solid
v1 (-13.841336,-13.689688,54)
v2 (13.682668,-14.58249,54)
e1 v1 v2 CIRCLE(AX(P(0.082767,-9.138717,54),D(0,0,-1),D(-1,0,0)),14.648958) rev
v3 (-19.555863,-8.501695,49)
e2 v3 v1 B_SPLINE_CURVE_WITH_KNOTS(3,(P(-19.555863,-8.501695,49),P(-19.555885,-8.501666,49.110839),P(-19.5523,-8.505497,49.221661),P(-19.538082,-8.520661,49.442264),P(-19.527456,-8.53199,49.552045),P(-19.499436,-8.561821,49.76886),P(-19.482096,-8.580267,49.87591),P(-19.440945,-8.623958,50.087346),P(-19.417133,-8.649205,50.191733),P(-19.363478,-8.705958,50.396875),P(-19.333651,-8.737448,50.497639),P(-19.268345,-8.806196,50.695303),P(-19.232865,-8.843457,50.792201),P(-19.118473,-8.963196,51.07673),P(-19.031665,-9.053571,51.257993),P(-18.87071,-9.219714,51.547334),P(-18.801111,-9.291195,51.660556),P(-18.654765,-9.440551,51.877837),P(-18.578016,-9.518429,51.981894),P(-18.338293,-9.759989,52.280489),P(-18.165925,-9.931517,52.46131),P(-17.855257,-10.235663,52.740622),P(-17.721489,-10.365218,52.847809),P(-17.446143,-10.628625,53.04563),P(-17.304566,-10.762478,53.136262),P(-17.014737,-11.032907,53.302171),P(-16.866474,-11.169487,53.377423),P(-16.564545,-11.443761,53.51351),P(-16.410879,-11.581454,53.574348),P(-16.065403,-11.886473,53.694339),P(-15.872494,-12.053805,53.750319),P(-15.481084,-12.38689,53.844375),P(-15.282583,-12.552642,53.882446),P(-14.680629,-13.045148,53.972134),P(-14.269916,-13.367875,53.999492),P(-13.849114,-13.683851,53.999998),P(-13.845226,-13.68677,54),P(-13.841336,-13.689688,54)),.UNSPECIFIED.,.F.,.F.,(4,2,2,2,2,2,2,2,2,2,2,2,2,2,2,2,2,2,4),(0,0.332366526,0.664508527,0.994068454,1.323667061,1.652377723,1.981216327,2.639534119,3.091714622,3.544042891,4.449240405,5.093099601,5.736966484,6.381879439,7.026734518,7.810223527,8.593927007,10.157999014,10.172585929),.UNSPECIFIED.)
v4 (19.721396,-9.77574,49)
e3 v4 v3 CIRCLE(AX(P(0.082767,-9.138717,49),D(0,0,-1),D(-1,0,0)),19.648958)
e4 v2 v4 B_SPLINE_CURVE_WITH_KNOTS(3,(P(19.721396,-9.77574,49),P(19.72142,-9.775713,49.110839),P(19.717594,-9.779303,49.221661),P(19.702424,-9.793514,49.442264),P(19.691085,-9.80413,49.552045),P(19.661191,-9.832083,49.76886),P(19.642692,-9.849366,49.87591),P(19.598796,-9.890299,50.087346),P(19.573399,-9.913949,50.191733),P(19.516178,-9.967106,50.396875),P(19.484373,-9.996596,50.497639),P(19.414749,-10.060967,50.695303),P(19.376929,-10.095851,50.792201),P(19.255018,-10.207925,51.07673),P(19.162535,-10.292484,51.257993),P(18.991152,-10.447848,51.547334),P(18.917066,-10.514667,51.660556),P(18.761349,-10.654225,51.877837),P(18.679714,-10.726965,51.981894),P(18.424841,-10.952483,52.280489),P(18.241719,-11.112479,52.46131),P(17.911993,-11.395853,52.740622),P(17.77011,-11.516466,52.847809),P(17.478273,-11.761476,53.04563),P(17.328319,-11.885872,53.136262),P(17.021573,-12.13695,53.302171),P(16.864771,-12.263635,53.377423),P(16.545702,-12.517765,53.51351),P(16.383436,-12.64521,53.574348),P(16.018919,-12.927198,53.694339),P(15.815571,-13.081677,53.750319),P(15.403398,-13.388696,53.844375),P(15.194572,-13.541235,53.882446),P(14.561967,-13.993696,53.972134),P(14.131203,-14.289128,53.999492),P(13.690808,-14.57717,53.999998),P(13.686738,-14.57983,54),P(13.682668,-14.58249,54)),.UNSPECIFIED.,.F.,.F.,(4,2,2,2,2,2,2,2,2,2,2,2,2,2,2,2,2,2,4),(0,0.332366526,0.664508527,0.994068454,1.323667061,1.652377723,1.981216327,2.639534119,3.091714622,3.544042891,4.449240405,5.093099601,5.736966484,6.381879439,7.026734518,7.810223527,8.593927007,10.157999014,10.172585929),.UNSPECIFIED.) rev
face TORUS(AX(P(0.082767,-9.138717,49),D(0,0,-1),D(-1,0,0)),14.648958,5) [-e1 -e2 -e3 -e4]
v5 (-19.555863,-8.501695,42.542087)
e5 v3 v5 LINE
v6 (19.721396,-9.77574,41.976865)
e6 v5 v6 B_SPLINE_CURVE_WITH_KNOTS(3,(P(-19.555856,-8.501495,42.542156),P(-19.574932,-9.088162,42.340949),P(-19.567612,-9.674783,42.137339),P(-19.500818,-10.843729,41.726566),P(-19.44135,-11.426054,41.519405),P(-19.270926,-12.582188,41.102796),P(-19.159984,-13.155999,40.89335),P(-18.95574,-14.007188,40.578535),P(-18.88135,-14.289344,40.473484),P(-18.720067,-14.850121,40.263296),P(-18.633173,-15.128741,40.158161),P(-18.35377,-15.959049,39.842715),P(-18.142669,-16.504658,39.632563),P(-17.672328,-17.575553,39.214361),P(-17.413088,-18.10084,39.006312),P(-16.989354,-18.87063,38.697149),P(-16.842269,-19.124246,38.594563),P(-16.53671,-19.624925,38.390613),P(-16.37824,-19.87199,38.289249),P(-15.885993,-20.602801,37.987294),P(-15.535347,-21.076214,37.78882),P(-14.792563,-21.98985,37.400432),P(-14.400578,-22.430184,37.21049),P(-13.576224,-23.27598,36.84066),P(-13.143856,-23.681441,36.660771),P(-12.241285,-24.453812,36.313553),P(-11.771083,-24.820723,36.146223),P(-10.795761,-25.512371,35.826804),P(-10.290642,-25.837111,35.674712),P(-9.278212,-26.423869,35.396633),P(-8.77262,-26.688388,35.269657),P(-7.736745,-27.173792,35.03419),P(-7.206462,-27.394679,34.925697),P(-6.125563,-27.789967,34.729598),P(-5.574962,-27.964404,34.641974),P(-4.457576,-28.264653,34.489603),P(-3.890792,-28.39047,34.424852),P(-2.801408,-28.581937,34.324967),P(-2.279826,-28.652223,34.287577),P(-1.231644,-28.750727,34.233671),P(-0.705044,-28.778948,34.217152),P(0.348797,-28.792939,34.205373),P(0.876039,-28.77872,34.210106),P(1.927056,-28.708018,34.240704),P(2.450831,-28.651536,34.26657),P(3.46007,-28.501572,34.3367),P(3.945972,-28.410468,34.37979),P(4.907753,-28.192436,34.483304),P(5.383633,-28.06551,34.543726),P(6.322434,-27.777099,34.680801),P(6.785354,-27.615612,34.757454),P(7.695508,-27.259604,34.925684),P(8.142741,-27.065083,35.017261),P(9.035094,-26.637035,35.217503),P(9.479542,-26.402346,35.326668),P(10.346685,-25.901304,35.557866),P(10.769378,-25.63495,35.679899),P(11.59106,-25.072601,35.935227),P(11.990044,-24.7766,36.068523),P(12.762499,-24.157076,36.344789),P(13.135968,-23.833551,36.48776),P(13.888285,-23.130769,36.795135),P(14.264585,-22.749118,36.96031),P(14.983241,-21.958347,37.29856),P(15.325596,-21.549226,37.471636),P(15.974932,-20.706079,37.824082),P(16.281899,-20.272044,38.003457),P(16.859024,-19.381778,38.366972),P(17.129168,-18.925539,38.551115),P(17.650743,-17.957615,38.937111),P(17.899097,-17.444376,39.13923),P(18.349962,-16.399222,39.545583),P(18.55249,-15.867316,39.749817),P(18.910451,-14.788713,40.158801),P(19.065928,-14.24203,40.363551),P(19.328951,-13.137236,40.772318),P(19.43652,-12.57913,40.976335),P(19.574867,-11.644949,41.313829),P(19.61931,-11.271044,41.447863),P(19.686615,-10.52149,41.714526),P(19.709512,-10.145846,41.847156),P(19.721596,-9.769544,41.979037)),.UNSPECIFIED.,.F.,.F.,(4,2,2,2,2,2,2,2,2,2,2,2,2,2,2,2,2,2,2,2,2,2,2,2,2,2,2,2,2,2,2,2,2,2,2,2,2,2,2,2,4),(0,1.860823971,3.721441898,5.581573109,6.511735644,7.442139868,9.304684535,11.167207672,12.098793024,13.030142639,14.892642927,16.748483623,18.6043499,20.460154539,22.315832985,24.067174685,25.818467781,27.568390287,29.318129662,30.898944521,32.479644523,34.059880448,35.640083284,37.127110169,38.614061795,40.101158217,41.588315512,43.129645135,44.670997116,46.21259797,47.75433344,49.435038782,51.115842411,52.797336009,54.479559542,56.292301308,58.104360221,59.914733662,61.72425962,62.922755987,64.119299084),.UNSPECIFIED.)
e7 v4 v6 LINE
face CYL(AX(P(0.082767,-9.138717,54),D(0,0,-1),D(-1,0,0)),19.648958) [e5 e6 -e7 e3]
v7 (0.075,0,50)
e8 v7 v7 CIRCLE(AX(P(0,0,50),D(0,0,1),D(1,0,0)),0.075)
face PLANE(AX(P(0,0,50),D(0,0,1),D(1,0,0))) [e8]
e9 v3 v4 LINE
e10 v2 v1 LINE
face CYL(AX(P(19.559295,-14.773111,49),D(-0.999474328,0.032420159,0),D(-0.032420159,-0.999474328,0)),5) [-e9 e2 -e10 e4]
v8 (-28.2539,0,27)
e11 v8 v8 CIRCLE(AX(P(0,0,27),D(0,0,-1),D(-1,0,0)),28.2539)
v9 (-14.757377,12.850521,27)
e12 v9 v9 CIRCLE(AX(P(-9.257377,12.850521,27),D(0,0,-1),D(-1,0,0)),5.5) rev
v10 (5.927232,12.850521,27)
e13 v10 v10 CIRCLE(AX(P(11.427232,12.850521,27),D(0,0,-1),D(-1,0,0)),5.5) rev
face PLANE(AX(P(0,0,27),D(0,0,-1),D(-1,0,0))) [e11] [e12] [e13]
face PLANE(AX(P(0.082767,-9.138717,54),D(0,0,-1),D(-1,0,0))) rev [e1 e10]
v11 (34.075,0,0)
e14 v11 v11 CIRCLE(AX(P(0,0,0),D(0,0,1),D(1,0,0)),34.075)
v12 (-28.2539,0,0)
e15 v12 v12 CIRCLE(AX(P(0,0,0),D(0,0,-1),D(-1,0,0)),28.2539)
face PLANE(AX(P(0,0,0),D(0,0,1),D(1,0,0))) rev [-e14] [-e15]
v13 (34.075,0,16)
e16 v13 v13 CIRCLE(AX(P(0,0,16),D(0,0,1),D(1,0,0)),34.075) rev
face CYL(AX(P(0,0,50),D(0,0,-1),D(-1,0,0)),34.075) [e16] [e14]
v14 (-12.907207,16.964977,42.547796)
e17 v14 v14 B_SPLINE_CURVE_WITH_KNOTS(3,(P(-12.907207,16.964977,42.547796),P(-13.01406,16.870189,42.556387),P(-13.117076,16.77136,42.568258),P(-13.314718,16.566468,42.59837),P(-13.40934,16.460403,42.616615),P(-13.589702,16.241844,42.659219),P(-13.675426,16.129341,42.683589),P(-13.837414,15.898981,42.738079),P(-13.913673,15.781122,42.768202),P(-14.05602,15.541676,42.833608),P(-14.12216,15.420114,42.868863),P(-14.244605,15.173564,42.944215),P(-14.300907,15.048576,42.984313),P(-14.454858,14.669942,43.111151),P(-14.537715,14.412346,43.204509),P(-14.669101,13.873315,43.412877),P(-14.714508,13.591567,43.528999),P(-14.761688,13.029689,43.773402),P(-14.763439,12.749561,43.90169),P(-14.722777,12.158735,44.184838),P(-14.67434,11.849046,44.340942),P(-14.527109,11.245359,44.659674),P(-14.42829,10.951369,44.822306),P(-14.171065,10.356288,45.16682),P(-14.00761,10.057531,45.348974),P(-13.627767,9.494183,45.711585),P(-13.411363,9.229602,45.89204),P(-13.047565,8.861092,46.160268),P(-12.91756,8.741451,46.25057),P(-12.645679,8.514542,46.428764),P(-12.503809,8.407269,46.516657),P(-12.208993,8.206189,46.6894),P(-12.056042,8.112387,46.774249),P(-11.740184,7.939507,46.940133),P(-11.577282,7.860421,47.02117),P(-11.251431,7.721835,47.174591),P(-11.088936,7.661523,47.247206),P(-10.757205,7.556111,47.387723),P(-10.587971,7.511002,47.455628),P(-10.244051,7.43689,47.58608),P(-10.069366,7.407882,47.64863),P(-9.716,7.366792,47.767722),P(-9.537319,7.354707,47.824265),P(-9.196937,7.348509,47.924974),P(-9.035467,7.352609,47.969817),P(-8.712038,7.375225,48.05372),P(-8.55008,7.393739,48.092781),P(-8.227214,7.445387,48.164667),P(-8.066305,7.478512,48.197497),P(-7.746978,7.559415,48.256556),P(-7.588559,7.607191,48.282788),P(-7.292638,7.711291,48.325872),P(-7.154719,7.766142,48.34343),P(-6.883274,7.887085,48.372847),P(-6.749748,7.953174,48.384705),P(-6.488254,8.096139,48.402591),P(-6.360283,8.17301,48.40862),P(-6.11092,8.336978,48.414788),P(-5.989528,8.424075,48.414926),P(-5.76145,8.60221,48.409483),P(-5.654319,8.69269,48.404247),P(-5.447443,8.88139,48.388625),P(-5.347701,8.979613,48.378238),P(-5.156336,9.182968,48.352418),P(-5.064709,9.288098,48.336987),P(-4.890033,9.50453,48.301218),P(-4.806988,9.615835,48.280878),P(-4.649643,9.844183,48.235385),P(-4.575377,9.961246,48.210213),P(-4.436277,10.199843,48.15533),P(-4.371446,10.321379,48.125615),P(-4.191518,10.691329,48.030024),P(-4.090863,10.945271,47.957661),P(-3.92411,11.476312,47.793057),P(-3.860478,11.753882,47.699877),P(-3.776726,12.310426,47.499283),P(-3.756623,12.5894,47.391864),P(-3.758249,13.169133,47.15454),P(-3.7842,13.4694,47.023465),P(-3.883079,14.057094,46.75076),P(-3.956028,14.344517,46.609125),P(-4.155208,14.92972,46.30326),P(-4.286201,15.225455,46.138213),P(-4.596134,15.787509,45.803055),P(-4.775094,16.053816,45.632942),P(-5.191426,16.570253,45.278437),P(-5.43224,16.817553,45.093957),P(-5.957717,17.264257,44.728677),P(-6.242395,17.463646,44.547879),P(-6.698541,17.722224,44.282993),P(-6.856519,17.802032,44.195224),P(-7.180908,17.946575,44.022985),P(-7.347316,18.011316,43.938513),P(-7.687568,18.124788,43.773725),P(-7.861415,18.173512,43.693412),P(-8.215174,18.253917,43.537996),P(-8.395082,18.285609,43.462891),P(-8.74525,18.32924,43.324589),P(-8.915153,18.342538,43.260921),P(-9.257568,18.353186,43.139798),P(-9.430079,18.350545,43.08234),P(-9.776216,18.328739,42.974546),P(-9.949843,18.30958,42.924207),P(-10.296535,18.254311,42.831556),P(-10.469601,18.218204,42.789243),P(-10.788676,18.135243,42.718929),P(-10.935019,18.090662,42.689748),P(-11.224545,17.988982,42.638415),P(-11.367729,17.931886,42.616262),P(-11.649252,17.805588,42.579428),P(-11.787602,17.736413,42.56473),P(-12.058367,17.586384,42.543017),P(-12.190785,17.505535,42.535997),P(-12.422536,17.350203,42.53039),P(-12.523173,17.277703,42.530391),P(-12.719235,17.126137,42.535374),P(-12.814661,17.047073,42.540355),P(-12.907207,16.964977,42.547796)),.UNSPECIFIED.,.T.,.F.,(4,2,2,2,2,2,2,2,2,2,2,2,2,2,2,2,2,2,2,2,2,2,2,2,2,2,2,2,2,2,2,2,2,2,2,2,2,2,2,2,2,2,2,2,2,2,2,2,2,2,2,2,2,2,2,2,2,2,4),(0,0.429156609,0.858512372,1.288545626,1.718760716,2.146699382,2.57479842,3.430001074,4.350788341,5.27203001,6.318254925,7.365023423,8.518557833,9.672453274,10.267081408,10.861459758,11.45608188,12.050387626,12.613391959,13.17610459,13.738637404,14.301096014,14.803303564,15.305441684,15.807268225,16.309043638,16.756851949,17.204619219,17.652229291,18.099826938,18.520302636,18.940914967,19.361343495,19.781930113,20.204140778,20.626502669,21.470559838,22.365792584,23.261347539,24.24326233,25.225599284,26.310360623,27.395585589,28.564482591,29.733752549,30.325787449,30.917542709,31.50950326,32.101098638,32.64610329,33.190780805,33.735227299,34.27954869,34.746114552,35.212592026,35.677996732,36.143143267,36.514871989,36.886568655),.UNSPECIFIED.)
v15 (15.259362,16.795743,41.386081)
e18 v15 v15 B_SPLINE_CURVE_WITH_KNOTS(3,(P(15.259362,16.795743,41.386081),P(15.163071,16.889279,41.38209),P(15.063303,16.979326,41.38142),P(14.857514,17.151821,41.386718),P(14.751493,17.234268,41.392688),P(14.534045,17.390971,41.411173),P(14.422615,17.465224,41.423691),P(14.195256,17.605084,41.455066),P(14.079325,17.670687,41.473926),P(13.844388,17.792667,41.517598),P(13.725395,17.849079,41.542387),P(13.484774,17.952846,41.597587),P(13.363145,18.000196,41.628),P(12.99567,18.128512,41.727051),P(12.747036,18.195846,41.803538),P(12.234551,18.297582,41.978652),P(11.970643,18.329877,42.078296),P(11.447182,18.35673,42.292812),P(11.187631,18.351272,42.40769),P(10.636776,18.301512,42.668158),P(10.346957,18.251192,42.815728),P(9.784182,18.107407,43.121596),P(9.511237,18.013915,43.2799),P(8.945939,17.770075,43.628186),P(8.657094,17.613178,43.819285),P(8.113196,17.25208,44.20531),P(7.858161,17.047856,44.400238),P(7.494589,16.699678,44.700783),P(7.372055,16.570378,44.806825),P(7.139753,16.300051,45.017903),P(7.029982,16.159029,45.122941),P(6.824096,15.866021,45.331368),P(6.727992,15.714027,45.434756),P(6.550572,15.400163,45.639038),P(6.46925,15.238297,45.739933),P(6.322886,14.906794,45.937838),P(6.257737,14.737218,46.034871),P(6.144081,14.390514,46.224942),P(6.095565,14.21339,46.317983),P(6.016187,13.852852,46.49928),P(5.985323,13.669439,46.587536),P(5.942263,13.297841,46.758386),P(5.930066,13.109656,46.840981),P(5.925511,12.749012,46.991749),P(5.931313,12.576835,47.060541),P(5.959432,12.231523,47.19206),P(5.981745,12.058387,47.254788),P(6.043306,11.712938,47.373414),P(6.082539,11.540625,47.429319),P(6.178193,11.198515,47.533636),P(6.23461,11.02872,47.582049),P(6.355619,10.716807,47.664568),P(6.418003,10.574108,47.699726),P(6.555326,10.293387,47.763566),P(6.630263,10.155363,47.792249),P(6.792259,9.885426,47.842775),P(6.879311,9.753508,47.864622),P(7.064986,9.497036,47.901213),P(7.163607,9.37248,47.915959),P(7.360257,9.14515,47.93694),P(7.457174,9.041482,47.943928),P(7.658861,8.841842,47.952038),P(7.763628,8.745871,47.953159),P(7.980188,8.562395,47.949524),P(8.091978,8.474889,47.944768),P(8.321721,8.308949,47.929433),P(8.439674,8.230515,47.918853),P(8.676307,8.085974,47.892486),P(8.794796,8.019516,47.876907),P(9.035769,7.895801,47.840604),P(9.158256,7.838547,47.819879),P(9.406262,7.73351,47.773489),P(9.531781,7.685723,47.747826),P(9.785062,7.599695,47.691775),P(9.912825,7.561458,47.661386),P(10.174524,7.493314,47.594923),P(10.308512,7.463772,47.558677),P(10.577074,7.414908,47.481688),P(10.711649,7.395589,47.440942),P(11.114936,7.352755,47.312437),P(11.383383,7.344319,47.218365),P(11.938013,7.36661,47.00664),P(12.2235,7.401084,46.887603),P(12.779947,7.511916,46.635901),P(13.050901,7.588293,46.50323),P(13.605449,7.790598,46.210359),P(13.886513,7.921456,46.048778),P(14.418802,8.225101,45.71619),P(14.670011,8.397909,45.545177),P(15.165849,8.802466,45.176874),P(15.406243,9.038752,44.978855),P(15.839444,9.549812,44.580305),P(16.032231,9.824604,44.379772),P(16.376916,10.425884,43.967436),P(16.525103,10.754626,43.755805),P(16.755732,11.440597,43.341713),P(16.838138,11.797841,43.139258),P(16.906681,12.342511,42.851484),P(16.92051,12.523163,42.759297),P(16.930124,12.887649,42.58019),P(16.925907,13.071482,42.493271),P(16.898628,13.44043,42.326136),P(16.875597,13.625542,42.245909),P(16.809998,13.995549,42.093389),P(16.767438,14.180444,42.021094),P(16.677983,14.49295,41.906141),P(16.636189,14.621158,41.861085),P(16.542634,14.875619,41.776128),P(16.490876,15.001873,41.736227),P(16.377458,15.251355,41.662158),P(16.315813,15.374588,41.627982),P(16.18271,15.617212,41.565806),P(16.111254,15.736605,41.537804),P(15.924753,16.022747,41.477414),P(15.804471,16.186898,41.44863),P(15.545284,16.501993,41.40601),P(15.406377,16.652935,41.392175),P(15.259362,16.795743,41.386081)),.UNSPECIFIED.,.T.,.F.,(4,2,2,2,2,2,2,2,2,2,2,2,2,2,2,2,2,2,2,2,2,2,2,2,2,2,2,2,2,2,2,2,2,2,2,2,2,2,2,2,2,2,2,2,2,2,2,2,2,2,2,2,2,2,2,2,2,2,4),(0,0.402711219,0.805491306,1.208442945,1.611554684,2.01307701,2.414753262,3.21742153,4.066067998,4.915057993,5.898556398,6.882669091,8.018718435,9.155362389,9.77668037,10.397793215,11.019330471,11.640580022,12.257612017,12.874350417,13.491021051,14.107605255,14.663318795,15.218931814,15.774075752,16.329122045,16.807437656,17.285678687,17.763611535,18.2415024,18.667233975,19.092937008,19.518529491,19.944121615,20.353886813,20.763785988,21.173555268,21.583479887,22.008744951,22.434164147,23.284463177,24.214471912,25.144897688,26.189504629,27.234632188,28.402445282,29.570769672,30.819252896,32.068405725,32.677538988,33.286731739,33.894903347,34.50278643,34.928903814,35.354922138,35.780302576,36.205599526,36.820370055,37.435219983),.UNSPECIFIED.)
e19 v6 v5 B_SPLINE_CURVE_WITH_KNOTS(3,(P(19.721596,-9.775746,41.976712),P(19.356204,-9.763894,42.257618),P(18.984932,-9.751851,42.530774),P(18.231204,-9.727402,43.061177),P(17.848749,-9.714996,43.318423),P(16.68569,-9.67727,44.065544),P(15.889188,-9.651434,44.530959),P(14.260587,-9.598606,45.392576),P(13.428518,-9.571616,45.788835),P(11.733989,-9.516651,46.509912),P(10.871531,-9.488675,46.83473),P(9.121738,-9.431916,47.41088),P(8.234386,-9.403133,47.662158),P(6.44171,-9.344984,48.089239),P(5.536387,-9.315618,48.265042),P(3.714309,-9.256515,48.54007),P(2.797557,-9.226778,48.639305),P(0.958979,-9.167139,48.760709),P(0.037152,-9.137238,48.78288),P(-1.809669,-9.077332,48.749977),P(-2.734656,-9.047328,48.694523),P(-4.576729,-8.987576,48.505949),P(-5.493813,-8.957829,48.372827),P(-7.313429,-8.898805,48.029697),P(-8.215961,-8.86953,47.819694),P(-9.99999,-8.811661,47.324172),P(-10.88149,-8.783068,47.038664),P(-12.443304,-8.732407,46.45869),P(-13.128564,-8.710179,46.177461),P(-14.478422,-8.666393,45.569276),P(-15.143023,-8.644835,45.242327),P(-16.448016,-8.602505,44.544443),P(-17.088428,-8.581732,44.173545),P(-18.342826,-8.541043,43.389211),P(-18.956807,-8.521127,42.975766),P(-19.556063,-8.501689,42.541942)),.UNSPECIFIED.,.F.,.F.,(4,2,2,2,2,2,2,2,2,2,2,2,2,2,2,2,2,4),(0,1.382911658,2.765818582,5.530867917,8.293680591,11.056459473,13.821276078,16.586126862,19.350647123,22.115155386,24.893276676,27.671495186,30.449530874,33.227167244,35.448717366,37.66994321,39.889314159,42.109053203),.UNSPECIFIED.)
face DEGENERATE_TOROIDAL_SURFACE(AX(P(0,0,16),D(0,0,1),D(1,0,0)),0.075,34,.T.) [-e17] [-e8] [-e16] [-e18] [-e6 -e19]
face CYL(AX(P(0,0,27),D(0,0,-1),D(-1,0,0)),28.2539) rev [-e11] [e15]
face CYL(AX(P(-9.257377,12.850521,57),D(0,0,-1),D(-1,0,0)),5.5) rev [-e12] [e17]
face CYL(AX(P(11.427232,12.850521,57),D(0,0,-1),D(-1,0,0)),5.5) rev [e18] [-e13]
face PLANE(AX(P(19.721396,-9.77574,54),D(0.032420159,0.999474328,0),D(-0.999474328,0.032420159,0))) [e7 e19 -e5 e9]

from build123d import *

# Parameters (mm, degrees)
SKETCH1_R           = 34.075
BOSS_EXTRUDE1_DEPTH = 50
FILLET1_R           = 34
SKETCH3_R           = 5.5
CUT_EXTRUDE1_DEPTH  = 57
BOSS_EXTRUDE2_DEPTH = 54
FILLET2_R           = 5
SKETCH5_R           = 28.2539
CUT_EXTRUDE2_DEPTH  = 27


with BuildPart() as part:
    # Sketch1 → Boss-Extrude1 (new body)
    with BuildSketch(Plane.XY):
        Circle(SKETCH1_R)
    extrude(amount=BOSS_EXTRUDE1_DEPTH)

    # Fillet1
    fillet1_edges = [part.edges().sort_by_distance(p)[0] for p in [
        (-34.075, 0, 50),
    ]]
    fillet(fillet1_edges, radius=FILLET1_R)

    # Sketch3 → Cut-Extrude1 (cut)
    with BuildSketch(Plane(origin=(0, 0, 0), x_dir=(-1, 0, 0), z_dir=(0, 0, -1))):
        with Locations((-11.427232, 12.850521)):
            Circle(SKETCH3_R)
        with Locations((9.257377, 12.850521)):
            Circle(SKETCH3_R)
    extrude(amount=-CUT_EXTRUDE1_DEPTH, mode=Mode.SUBTRACT)

    # Sketch4 → Boss-Extrude2 (add)
    with BuildSketch(Plane(origin=(0, 0, 0), x_dir=(-1, 0, 0), z_dir=(0, 0, -1))):
        with BuildLine():
            Line((-19.721396, -9.77574), (19.555863, -8.501695))
            ThreePointArc((19.555863, -8.501695), (0.554256, -28.777347), (-19.721396, -9.77574))
        make_face()
    extrude(amount=-BOSS_EXTRUDE2_DEPTH)

    # Fillet2
    fillet2_edges = [part.edges().sort_by_distance(p)[0] for p in [
        (-0.554256, -28.777347, 54),
        (0.082767, -9.138717, 54),
    ]]
    fillet(fillet2_edges, radius=FILLET2_R)

    # Sketch5 → Cut-Extrude2 (cut)
    with BuildSketch(Plane(origin=(0, 0, 0), x_dir=(-1, 0, 0), z_dir=(0, 0, -1))):
        Circle(SKETCH5_R)
    extrude(amount=-CUT_EXTRUDE2_DEPTH, mode=Mode.SUBTRACT)


solid = part.part
